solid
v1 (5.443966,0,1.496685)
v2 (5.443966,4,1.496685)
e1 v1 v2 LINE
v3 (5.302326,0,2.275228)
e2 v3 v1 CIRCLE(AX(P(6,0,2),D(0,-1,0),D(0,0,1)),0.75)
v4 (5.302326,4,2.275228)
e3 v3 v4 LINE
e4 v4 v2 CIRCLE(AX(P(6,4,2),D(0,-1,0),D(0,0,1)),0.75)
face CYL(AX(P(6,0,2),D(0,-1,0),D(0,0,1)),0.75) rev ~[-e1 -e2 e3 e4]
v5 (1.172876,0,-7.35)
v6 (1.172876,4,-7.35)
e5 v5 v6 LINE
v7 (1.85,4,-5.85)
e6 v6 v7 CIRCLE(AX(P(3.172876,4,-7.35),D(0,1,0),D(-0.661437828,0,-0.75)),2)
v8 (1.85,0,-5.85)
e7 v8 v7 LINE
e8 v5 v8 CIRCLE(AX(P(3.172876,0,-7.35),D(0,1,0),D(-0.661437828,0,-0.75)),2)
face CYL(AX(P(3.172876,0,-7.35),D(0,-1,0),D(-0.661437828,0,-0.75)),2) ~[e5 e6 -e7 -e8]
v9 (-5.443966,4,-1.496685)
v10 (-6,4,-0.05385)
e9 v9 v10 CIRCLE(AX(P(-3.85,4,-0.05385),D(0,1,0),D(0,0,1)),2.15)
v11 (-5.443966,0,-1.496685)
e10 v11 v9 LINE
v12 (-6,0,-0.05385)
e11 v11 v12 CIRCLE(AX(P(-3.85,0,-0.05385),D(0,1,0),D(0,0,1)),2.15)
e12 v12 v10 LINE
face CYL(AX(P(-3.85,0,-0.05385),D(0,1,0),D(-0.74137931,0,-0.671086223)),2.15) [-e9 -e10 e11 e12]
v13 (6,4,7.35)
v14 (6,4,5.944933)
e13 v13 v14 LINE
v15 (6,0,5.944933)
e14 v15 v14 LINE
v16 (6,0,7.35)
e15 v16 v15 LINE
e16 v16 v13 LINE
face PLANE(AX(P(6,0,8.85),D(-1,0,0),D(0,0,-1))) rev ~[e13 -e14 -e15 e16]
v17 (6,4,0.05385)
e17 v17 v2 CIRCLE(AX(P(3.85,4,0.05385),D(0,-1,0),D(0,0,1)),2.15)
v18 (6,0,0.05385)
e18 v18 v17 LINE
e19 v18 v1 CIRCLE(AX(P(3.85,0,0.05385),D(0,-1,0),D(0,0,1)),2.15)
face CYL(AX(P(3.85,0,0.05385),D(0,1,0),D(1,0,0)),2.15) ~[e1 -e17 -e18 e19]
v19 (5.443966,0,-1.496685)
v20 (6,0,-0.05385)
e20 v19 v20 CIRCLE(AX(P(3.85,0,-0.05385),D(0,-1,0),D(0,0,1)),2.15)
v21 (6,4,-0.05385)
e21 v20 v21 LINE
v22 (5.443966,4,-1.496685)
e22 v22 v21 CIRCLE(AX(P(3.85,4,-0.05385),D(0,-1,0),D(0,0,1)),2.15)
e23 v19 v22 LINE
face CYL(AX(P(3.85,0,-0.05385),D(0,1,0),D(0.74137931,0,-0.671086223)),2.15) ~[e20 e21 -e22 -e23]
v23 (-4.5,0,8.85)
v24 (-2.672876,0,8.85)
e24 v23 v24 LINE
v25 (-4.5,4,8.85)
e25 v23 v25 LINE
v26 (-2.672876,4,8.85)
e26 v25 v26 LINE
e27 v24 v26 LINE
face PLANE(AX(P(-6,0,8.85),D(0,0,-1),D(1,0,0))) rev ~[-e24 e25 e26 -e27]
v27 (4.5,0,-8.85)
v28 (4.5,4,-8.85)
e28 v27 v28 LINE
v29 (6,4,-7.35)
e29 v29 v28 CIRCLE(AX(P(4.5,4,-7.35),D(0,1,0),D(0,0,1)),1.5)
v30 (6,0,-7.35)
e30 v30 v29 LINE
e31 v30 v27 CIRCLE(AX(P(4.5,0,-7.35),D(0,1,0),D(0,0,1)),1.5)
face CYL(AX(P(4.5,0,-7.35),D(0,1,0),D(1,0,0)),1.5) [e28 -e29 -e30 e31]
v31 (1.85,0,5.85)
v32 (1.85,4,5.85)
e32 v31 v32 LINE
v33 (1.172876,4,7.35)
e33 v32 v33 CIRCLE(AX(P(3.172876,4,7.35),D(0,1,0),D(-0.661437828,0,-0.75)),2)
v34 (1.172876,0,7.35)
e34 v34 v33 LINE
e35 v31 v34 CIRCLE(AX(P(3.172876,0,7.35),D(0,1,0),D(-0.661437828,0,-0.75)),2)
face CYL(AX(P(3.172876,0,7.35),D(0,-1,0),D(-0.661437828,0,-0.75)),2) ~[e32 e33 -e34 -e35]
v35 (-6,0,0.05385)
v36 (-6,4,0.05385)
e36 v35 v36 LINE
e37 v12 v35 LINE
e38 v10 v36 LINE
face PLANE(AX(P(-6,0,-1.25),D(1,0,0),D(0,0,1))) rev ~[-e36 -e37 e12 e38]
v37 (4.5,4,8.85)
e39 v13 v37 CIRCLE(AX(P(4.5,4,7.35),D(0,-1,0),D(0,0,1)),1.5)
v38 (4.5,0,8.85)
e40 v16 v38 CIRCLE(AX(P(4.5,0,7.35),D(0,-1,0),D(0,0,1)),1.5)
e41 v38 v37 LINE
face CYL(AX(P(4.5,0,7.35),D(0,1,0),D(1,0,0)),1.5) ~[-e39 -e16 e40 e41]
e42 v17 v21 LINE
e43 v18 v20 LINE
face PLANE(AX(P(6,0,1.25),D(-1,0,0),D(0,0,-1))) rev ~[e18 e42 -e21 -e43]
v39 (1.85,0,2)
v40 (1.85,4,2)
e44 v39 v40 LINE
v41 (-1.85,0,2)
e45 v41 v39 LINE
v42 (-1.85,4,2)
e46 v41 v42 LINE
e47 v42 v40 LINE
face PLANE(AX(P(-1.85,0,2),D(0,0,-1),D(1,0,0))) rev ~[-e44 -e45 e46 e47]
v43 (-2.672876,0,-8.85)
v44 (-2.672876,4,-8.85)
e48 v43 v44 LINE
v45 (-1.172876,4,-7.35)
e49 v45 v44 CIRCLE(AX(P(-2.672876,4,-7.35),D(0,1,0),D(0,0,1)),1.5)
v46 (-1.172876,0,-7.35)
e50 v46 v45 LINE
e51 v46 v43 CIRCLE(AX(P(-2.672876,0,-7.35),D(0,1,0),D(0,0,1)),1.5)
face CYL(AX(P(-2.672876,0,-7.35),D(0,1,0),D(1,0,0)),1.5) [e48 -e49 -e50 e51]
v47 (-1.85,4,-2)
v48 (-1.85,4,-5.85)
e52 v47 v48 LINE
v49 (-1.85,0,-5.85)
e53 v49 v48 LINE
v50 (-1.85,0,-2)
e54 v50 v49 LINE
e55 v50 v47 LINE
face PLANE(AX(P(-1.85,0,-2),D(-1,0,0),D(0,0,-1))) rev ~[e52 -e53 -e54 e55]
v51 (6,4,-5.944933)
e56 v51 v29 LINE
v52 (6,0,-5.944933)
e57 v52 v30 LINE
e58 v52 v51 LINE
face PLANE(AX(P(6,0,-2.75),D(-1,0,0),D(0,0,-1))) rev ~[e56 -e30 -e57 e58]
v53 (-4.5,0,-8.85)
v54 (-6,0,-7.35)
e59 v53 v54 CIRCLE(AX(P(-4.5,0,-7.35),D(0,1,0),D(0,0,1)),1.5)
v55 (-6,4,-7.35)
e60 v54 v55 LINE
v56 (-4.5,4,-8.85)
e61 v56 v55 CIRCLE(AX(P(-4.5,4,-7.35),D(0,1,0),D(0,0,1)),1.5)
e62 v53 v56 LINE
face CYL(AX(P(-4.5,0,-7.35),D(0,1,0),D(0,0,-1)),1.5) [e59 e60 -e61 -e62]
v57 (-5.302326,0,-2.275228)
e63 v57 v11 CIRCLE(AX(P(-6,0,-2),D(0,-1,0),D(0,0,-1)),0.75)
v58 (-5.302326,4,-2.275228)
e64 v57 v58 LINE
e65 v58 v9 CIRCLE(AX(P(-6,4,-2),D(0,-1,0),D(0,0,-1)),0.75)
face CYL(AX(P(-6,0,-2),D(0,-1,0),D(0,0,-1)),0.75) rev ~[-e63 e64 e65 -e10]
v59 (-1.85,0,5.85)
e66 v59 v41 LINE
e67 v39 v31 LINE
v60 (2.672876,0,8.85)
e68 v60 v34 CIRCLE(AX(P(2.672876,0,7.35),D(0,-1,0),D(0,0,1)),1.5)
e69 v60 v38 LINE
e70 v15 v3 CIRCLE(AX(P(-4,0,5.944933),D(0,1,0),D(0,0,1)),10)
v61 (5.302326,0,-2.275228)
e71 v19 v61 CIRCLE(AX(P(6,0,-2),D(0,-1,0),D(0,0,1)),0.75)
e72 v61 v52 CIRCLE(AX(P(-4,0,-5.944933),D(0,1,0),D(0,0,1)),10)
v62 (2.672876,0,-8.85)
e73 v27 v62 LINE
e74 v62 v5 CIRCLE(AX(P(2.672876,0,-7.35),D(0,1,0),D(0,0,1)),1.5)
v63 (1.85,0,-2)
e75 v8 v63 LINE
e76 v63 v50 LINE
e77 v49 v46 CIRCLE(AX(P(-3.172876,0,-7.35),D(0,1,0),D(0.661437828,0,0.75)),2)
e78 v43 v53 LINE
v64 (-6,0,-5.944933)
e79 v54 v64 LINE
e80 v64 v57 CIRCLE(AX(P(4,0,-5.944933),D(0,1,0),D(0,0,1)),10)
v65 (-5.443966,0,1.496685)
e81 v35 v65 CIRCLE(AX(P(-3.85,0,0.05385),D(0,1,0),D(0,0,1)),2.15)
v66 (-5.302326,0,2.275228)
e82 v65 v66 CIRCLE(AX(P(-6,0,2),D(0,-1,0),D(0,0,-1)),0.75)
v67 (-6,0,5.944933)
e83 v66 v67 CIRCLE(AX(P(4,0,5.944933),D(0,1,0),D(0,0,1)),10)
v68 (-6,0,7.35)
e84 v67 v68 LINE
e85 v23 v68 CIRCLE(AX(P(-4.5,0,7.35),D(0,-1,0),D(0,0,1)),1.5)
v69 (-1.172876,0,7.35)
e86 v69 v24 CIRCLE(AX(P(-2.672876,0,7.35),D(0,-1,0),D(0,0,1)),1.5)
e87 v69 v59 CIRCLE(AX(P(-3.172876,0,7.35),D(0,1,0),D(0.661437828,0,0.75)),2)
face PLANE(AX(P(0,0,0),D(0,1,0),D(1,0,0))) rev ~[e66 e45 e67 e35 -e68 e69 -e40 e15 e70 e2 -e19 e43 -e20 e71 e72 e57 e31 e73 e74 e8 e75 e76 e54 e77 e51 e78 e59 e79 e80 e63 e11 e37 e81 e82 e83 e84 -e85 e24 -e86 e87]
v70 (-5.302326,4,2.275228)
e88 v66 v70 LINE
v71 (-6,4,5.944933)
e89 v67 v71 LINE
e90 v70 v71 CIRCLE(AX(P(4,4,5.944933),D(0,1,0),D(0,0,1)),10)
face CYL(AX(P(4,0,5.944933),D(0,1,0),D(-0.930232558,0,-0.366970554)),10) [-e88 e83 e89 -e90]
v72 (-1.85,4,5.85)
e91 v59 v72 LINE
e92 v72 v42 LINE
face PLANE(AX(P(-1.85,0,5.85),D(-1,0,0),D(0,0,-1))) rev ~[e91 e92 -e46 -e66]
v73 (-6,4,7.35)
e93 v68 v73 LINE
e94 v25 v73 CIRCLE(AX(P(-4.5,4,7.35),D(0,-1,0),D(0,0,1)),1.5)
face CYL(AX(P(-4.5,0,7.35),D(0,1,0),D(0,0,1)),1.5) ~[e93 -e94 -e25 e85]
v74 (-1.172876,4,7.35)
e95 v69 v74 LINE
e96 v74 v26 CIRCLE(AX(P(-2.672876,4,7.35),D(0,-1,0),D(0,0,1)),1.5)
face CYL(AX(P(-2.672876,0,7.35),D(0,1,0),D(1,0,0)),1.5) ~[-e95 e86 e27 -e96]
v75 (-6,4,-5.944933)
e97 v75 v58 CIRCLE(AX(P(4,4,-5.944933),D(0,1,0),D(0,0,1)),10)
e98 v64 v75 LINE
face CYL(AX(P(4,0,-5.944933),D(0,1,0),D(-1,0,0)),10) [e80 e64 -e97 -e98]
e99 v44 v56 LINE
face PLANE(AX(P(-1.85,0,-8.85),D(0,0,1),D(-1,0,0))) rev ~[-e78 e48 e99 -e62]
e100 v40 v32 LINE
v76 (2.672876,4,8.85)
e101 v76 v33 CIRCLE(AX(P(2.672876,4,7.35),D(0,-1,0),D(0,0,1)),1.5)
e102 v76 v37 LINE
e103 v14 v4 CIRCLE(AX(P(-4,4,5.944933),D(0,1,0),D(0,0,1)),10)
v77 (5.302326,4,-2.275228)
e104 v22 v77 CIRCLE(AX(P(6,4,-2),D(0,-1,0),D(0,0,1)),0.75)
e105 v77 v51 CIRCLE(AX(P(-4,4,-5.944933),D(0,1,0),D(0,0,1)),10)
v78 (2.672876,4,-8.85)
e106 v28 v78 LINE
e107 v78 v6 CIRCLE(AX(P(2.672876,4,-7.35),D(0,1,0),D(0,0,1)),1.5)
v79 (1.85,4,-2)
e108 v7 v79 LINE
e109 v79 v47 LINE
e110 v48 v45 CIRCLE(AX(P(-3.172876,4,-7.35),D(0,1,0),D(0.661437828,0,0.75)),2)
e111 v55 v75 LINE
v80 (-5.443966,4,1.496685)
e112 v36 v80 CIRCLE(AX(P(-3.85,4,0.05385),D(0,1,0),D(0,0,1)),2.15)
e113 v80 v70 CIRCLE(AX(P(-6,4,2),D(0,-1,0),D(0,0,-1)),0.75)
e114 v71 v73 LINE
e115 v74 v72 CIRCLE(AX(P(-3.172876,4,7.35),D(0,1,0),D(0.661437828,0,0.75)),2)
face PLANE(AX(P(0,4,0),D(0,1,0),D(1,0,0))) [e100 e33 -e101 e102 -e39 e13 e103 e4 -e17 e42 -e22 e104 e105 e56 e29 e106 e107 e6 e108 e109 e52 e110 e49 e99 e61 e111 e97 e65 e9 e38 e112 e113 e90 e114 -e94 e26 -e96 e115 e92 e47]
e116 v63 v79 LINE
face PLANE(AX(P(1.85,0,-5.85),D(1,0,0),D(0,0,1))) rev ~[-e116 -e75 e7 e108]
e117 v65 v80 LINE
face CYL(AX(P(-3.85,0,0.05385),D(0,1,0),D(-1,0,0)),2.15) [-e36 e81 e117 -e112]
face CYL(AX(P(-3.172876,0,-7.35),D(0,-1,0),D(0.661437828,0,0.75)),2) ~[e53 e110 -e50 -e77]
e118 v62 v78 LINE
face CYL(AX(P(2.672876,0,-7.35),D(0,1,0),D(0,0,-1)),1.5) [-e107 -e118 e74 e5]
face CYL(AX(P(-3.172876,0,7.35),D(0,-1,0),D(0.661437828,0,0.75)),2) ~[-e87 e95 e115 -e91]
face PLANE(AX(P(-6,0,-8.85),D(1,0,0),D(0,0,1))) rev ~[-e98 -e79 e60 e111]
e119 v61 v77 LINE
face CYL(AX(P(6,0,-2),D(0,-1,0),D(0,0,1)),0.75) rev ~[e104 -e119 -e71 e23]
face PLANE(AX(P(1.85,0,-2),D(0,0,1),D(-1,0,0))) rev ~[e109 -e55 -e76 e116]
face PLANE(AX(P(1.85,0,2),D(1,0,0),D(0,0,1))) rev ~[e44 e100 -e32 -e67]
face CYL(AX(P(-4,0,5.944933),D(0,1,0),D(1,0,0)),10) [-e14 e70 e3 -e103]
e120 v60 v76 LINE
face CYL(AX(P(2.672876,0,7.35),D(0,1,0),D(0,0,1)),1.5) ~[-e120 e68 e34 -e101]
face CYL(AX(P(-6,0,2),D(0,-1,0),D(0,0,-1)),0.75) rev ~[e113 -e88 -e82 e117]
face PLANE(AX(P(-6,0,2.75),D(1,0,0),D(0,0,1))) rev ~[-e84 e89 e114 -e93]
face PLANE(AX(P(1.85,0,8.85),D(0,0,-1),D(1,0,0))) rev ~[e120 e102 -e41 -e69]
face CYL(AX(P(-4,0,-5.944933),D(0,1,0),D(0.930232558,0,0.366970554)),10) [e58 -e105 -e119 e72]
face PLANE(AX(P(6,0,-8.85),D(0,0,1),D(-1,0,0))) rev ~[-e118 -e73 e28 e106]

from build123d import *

# Parameters (mm, degrees)
BOSS_EXTRUDE2_DEPTH = 4
FILLET1_R           = 10
FILLET2_R           = 2.15
FILLET3_R           = 1.5


with BuildPart() as part:
    # Sketch1 → Boss-Extrude2 (new body)
    with BuildSketch(Plane(origin=(0, 0, 0), x_dir=(1, 0, 0), z_dir=(0, 1, 0))):
        with BuildLine():
            Line((6, -1.25), (6, 1.25))
            ThreePointArc((6, 1.25), (5.25, 2), (6, 2.75))
            Line((6, 2.75), (6, 8.85))
            Line((6, 8.85), (1.85, 8.85))
            ThreePointArc((1.85, 8.85), (1.172875656, 7.35), (1.85, 5.85))
            Line((1.85, 5.85), (1.85, 2))
            Line((1.85, 2), (-1.85, 2))
            Line((-1.85, 2), (-1.85, 5.85))
            ThreePointArc((-1.85, 5.85), (-1.172875656, 7.35), (-1.85, 8.85))
            Line((-1.85, 8.85), (-6, 8.85))
            Line((-6, 8.85), (-6, 2.75))
            ThreePointArc((-6, 2.75), (-5.25, 2), (-6, 1.25))
            Line((-6, 1.25), (-6, -1.25))
            ThreePointArc((-6, -1.25), (-5.25, -2), (-6, -2.75))
            Line((-6, -2.75), (-6, -8.85))
            Line((-6, -8.85), (-1.85, -8.85))
            ThreePointArc((-1.85, -8.85), (-1.172875656, -7.35), (-1.85, -5.85))
            Line((-1.85, -5.85), (-1.85, -2))
            Line((-1.85, -2), (1.85, -2))
            Line((1.85, -2), (1.85, -5.85))
            ThreePointArc((1.85, -5.85), (1.172875656, -7.35), (1.85, -8.85))
            Line((1.85, -8.85), (6, -8.85))
            Line((6, -8.85), (6, -2.75))
            ThreePointArc((6, -2.75), (5.25, -2), (6, -1.25))
        make_face()
    extrude(amount=BOSS_EXTRUDE2_DEPTH)

    # Fillet1
    fillet1_edges = [part.edges().sort_by_distance(p)[0] for p in [
        (-6, 2, 2.75),
        (-6, 2, -2.75),
        (6, 2, -2.75),
        (6, 2, 2.75),
    ]]
    fillet(fillet1_edges, radius=FILLET1_R)

    # Fillet2
    fillet2_edges = [part.edges().sort_by_distance(p)[0] for p in [
        (-6, 2, 1.25),
        (-6, 2, -1.25),
        (6, 2, -1.25),
        (6, 2, 1.25),
    ]]
    fillet(fillet2_edges, radius=FILLET2_R)

    # Fillet3
    fillet3_edges = [part.edges().sort_by_distance(p)[0] for p in [
        (-1.85, 2, 8.85),
        (-6, 2, 8.85),
        (-6, 2, -8.85),
        (-1.85, 2, -8.85),
        (1.85, 2, -8.85),
        (6, 2, -8.85),
        (6, 2, 8.85),
        (1.85, 2, 8.85),
    ]]
    fillet(fillet3_edges, radius=FILLET3_R)


solid = part.part
